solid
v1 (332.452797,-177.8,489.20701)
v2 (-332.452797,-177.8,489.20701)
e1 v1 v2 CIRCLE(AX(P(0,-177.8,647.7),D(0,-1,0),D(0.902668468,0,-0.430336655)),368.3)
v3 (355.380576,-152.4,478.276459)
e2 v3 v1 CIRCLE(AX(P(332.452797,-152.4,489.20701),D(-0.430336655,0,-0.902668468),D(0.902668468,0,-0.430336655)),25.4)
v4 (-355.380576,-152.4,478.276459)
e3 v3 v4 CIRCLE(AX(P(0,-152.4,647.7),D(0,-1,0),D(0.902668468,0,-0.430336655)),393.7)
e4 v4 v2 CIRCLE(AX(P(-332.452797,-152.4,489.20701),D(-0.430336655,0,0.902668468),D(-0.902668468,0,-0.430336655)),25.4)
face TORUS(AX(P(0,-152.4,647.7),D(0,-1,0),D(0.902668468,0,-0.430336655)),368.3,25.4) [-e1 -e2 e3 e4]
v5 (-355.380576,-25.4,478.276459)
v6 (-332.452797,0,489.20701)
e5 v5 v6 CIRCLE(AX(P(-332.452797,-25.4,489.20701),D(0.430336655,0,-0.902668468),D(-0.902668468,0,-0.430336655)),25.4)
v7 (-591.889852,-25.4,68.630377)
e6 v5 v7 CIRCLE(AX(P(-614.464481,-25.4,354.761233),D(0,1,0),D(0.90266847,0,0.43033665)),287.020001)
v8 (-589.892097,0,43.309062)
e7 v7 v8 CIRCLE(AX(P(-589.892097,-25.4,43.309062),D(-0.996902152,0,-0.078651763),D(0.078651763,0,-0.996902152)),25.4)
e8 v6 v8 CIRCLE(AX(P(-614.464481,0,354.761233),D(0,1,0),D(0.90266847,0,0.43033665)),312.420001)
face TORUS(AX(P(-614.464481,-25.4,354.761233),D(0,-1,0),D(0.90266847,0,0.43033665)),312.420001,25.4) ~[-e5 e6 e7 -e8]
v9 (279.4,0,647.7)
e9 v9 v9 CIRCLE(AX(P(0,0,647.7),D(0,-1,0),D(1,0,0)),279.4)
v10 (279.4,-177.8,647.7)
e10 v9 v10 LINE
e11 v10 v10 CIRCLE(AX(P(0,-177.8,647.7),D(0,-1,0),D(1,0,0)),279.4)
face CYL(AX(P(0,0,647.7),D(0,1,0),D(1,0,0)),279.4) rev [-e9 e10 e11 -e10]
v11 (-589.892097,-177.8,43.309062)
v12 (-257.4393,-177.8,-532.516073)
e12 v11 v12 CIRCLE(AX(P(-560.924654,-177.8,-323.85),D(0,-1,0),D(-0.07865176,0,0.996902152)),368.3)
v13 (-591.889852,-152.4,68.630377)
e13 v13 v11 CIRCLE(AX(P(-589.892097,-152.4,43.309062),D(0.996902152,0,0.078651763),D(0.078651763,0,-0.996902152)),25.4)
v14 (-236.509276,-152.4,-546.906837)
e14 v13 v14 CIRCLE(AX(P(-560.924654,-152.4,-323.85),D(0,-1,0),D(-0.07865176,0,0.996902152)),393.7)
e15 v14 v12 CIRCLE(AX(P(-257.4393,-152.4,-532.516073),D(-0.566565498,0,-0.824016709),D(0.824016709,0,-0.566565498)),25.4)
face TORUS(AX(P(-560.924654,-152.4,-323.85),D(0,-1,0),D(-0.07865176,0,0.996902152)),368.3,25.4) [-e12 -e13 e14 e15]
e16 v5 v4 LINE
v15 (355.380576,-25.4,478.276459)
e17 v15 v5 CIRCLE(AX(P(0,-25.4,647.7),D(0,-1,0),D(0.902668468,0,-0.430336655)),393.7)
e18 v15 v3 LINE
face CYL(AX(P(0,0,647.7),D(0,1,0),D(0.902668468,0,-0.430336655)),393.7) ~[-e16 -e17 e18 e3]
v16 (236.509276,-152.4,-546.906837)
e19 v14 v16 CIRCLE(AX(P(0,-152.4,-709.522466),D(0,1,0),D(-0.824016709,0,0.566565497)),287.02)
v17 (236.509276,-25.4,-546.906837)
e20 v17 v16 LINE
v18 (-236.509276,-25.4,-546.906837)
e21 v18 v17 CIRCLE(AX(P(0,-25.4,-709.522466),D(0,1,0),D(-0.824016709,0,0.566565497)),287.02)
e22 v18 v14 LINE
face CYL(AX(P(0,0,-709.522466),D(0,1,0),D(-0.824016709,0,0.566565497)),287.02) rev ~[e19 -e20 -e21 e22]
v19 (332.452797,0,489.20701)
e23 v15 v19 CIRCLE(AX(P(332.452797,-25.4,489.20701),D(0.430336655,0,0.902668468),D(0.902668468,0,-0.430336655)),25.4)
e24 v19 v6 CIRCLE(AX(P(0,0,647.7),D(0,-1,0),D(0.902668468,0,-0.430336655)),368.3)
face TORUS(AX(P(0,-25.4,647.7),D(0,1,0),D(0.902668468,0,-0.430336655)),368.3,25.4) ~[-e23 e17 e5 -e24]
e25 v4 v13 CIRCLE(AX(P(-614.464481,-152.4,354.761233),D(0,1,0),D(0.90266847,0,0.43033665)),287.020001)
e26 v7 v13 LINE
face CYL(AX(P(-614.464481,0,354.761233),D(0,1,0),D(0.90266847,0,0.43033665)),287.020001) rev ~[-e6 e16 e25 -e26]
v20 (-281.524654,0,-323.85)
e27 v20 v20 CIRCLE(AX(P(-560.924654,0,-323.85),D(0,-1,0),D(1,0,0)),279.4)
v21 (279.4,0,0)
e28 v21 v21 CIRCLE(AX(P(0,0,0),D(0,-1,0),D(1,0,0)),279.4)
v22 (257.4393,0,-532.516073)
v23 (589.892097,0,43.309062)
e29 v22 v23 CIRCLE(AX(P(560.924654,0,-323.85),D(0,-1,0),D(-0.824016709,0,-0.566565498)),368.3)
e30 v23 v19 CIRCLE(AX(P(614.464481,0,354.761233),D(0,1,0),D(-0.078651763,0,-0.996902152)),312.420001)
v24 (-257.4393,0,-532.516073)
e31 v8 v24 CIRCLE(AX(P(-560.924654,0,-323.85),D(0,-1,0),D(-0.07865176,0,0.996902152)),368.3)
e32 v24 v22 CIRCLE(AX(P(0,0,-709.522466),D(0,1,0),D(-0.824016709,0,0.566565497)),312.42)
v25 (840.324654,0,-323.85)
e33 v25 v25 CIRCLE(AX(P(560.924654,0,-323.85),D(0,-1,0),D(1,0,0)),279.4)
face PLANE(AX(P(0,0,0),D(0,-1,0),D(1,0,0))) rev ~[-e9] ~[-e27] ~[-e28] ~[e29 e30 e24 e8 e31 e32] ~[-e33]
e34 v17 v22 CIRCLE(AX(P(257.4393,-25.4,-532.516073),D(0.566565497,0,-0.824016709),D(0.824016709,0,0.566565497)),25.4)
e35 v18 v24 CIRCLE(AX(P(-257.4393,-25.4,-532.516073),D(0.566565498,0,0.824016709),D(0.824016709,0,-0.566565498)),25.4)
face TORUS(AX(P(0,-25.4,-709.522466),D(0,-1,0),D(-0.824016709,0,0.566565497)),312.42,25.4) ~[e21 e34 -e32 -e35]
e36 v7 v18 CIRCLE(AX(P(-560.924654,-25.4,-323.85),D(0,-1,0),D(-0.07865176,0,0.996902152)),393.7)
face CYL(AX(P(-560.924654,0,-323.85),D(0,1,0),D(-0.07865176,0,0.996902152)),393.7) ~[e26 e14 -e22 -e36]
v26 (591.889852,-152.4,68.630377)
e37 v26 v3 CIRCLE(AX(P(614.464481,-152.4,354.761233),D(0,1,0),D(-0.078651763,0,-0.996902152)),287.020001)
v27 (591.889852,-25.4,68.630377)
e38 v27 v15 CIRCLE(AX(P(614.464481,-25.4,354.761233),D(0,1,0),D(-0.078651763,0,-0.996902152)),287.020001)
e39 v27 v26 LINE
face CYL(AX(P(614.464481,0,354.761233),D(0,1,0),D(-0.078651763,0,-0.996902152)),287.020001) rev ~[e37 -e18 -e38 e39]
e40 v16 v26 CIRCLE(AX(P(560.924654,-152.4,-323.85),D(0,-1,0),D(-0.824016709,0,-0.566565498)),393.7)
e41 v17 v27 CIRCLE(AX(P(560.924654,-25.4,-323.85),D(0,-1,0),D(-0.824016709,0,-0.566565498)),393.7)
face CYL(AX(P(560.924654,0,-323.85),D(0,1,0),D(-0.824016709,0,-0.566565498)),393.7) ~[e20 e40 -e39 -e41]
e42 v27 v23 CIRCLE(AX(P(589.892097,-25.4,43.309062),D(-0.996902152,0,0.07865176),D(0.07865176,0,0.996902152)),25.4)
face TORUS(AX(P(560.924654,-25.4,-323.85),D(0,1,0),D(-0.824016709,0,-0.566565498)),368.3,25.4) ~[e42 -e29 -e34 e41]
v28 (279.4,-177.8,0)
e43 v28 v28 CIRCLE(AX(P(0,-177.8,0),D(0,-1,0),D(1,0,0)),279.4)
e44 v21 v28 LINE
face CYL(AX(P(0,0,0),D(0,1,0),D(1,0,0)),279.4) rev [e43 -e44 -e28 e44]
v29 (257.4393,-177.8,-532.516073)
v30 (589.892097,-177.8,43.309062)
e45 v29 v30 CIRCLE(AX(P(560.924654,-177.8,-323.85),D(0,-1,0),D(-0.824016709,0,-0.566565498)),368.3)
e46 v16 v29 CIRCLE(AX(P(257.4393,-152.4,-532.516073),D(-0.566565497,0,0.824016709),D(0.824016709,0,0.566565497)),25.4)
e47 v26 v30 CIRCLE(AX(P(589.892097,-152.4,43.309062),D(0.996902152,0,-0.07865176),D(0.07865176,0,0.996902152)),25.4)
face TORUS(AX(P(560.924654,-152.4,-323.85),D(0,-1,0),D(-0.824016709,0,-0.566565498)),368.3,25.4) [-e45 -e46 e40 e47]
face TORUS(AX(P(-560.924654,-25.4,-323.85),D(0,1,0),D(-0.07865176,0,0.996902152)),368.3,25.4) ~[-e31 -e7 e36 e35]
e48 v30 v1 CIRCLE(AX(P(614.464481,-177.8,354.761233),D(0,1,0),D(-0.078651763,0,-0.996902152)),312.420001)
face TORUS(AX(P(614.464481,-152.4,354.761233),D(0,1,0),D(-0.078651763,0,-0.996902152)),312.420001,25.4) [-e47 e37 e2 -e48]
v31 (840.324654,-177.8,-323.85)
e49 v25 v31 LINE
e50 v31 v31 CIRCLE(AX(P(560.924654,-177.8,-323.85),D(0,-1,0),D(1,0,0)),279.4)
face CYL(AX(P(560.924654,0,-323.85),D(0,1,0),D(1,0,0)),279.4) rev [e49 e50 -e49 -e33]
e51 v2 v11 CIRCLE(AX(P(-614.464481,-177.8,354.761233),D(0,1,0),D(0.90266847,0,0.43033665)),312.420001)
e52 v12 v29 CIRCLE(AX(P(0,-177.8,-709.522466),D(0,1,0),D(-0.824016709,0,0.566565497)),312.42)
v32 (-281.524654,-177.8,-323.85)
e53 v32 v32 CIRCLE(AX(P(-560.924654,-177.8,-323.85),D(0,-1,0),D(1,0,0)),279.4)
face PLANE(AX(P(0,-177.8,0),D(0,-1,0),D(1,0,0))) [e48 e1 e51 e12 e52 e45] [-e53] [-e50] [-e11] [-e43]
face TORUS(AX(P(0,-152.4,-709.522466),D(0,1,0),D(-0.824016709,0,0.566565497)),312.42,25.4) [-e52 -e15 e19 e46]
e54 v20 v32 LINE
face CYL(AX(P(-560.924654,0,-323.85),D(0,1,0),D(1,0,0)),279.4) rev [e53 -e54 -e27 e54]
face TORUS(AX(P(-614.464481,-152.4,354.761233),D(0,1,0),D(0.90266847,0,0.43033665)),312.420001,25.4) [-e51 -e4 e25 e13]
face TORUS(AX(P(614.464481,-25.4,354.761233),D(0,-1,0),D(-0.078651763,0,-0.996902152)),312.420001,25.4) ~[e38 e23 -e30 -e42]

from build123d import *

# Parameters (mm, degrees)
F0_R     = 279.4
F1_DEPTH = 177.8
F2_R     = 25.4


with BuildPart() as f1:
    # F0 (on Front) → F1 (new body)
    with BuildSketch(Plane.XZ):
        with BuildLine():
            ThreePointArc((591.889852, 68.630377), (365.897869, 211.251233), (355.380576, 478.276459))
            ThreePointArc((355.380576, 478.276459), (0, 1041.4), (-355.380576, 478.276459))
            ThreePointArc((-355.380576, 478.276459), (-365.897869, 211.251233), (-591.889852, 68.630377))
            ThreePointArc((-591.889852, 68.630377), (-901.878856, -520.7), (-236.509276, -546.906837))
            ThreePointArc((-236.509276, -546.906837), (0, -422.502466), (236.509276, -546.906837))
            ThreePointArc((236.509276, -546.906837), (901.878856, -520.7), (591.889852, 68.630377))
        make_face()
        with Locations((-560.924654, -323.85)):
            Circle(F0_R, mode=Mode.SUBTRACT)
        Circle(F0_R, mode=Mode.SUBTRACT)
        with Locations((560.924654, -323.85)):
            Circle(F0_R, mode=Mode.SUBTRACT)
        with Locations((0, 647.7)):
            Circle(F0_R, mode=Mode.SUBTRACT)
    extrude(amount=F1_DEPTH)

    # F2
    f2_edges = [f1.edges().sort_by_distance(p)[0] for p in [
        (0, -177.8, 1041.4),
        (0, 0, 1041.4),
    ]]
    fillet(f2_edges, radius=F2_R)


solid = f1.part
